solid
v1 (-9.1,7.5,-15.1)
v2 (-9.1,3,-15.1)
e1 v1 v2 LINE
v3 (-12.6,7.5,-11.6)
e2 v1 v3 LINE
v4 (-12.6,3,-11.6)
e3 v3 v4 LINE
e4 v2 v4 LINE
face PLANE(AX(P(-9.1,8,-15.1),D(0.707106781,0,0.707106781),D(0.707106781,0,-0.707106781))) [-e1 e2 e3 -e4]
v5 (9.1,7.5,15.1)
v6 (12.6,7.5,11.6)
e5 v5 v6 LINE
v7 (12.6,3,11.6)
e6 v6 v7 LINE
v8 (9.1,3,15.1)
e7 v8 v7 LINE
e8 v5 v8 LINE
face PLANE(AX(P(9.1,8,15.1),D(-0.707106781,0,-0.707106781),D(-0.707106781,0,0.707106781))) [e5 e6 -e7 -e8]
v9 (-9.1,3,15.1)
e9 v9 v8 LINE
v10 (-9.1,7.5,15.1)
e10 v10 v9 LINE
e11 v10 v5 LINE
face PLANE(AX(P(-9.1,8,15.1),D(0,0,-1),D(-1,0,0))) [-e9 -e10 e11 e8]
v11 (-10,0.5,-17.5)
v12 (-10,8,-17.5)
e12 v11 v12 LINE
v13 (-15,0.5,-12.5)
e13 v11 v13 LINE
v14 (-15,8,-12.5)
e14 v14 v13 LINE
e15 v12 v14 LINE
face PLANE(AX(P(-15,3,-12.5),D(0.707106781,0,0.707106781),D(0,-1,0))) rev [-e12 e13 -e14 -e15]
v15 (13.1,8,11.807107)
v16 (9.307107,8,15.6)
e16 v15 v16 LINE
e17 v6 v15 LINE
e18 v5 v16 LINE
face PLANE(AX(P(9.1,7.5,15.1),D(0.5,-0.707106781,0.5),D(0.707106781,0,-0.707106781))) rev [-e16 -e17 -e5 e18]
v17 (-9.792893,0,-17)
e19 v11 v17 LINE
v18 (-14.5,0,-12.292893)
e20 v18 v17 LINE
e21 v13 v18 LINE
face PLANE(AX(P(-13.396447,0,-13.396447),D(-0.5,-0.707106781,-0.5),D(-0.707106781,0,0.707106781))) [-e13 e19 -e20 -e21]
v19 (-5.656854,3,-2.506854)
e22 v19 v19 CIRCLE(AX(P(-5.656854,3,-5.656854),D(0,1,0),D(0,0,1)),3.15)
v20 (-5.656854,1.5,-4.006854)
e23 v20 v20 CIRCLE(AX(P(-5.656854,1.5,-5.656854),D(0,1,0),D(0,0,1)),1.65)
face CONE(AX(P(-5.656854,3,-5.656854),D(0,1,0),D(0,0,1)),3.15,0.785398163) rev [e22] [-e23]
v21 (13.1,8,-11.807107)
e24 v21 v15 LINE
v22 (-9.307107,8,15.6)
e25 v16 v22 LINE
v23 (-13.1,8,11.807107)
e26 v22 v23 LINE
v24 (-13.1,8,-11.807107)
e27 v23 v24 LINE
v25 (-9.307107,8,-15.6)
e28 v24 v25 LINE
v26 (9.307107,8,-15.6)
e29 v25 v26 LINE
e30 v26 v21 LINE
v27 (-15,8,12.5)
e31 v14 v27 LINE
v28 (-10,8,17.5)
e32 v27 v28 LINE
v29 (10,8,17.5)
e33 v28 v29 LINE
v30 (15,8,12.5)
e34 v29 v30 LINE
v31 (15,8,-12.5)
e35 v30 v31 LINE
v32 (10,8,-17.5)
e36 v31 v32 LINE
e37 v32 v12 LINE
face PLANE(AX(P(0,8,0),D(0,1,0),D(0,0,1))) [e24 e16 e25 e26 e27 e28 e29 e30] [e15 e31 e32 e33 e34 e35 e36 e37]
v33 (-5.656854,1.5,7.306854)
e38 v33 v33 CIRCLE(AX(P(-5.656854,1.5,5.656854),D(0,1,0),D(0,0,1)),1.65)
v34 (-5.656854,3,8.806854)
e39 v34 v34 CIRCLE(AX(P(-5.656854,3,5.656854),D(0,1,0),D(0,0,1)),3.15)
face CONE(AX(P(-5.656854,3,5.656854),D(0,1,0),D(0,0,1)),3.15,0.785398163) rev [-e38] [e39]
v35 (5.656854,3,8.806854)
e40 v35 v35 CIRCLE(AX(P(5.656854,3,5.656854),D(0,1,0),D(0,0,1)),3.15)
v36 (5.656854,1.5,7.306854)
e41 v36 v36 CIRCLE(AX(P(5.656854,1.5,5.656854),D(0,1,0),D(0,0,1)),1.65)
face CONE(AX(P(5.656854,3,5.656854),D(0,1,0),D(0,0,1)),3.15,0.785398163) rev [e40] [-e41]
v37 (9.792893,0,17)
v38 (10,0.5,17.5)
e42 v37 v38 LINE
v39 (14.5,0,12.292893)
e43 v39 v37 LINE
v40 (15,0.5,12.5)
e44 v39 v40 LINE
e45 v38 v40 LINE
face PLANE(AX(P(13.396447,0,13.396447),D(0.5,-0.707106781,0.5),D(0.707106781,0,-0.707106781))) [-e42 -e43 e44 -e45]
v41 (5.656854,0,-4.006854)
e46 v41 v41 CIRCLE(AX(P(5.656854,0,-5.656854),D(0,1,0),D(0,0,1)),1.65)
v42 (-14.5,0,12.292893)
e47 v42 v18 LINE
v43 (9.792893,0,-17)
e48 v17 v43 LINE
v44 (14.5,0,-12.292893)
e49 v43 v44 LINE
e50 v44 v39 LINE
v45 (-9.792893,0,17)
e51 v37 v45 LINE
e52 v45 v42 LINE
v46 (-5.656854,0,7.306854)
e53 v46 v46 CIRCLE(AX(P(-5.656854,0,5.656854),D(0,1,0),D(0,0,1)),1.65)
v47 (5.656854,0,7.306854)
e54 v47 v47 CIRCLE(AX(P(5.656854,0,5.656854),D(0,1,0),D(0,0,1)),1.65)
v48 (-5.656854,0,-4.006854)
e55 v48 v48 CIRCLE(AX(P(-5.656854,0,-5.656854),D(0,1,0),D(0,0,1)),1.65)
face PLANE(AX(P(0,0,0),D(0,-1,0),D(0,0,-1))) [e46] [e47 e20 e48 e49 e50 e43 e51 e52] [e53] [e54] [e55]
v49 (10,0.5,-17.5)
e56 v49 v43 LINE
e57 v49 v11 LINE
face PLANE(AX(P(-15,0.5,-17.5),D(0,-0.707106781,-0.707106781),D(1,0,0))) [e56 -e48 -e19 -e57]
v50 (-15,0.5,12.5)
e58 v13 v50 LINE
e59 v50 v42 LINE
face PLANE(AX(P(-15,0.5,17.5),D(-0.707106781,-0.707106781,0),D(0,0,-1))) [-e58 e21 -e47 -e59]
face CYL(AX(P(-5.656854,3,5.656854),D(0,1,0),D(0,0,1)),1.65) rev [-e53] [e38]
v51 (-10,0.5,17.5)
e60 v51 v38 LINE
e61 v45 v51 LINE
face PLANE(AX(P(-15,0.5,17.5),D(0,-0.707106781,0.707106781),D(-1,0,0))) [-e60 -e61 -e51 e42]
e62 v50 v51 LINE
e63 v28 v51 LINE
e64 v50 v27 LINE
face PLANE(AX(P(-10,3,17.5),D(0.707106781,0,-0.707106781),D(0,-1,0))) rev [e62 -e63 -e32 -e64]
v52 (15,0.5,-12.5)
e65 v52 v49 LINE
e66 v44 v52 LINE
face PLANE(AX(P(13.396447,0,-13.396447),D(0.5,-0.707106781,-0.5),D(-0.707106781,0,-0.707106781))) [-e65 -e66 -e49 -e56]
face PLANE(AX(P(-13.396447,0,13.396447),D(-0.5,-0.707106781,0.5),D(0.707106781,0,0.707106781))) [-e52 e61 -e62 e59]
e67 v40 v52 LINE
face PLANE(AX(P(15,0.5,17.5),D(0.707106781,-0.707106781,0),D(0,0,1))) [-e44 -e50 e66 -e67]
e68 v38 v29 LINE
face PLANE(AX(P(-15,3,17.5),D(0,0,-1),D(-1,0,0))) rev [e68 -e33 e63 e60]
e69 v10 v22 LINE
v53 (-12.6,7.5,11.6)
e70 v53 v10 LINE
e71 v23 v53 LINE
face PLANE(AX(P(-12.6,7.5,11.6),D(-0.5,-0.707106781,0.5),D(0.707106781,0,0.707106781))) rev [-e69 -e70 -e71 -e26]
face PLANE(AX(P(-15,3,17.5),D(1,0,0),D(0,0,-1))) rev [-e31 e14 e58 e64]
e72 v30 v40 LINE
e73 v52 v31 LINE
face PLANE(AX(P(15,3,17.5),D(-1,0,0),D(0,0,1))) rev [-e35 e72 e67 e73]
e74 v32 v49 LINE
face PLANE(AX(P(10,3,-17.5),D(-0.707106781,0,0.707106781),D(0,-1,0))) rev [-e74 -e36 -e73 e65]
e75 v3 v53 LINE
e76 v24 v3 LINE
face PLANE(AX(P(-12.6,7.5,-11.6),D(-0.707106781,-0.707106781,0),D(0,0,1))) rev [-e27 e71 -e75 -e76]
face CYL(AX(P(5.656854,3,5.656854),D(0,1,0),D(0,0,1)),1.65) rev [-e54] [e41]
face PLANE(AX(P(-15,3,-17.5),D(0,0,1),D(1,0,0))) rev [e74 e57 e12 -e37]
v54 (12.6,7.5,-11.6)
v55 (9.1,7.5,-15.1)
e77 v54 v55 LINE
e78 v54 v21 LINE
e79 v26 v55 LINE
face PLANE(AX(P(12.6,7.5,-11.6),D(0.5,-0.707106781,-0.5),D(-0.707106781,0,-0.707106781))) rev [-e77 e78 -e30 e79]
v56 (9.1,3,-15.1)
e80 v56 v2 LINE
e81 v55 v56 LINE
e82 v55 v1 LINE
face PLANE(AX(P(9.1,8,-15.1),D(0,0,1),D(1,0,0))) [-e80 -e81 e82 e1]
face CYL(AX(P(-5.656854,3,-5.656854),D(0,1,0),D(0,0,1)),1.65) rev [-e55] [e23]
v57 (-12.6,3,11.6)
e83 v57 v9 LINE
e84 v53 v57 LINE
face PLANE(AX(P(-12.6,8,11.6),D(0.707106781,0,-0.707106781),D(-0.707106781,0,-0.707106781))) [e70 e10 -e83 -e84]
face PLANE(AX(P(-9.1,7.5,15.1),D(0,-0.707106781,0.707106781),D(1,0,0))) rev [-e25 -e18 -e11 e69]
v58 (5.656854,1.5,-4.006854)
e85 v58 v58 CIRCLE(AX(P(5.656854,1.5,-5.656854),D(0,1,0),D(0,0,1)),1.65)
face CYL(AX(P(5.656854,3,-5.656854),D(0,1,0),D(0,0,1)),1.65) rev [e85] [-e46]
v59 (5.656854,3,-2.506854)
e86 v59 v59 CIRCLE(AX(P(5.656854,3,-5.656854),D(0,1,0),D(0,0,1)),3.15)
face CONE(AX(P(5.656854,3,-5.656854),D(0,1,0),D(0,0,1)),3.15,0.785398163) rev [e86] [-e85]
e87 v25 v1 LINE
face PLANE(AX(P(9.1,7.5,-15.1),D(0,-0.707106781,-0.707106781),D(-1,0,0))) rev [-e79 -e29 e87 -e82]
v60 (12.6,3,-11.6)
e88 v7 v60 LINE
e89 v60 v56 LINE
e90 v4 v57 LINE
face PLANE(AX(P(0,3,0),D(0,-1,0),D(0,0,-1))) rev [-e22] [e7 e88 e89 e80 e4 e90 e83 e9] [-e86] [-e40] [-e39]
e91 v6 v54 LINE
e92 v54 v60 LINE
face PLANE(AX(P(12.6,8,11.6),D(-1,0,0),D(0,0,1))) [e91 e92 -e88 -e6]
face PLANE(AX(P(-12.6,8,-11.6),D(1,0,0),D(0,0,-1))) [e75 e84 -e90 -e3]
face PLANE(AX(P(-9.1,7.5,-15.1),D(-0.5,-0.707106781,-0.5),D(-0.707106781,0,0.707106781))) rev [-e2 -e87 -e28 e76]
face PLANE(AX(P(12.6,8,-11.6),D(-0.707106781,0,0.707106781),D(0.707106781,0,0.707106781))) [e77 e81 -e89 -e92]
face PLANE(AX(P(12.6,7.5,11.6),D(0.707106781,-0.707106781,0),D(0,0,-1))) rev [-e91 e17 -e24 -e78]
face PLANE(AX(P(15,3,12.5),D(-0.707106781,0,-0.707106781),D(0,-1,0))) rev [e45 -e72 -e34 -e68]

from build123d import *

# Parameters (mm, degrees)
SKETCH1_W                                      = 30
SKETCH1_H                                      = 35
BOSS_EXTRUDE1_DEPTH                            = 3
SKETCH2_W                                      = 30
SKETCH2_H                                      = 35
BOSS_EXTRUDE2_DEPTH                            = 5
CHAMFER1_SIZE                                  = 5
CSK_FOR_M3_FLAT_HEAD_MACHINE_SCREW1_AT_2_COUNT = 2
CSK_FOR_M3_FLAT_HEAD_MACHINE_SCREW1_AT_2_PITCH = 11.313708499
CSK_FOR_M3_FLAT_HEAD_MACHINE_SCREW1_AT_3_COUNT = 2
CSK_FOR_M3_FLAT_HEAD_MACHINE_SCREW1_AT_3_PITCH = 16
CSK_FOR_M3_FLAT_HEAD_MACHINE_SCREW1_AT_4_COUNT = 2
CSK_FOR_M3_FLAT_HEAD_MACHINE_SCREW1_AT_4_PITCH = 11.313708499
CHAMFER2_SIZE                                  = 0.5
CHAMFER3_SIZE                                  = 0.5


with BuildPart() as part:
    # Sketch1 → Boss-Extrude1 (new body)
    with BuildSketch(Plane(origin=(0, 0, 0), x_dir=(1, 0, 0), z_dir=(0, 1, 0))):
        Rectangle(SKETCH1_W, SKETCH1_H)
    extrude(amount=BOSS_EXTRUDE1_DEPTH)

    # Sketch2 → Boss-Extrude2 (add)
    with BuildSketch(Plane(origin=(0, 3, 0), x_dir=(1, 0, 0), z_dir=(0, 1, 0))):
        Rectangle(SKETCH2_W, SKETCH2_H)
        Polygon((12.6, -11.6), (12.6, 11.6), (9.1, 15.1), (-9.1, 15.1), (-12.6, 11.6), (-12.6, -11.6), (-9.1, -15.1), (9.1, -15.1), align=None, mode=Mode.SUBTRACT)
    extrude(amount=BOSS_EXTRUDE2_DEPTH)

    # Chamfer1
    chamfer1_edges = [part.edges().sort_by_distance(p)[0] for p in [
        (15, 4, 17.5),
        (-15, 4, 17.5),
        (-15, 4, -17.5),
        (15, 4, -17.5),
    ]]
    chamfer(chamfer1_edges, length=CHAMFER1_SIZE)

    # Sketch6 → CSK for M3 Flat Head Machine Screw1 (revolve, cut)
    with BuildSketch(Plane(origin=(-5.656854249, 3, -5.656854249), x_dir=(0, 0, 1), z_dir=(1, 0, 0))):
        Polygon((0, 0), (0, 3), (1.65, 3), (1.65, 1.5), (3.15, 0), align=None)
    csk_for_m3_flat_head_machine_screw1 = revolve(axis=Axis((-5.656854249, 9.35, -5.656854249), (0, -1, 0)), mode=Mode.SUBTRACT)

    # CSK for M3 Flat Head Machine Screw1 at 2: CSK for M3 Flat Head Machine Screw1 ×2
    with Locations(*[(i * CSK_FOR_M3_FLAT_HEAD_MACHINE_SCREW1_AT_2_PITCH, 0, 0) for i in range(1, CSK_FOR_M3_FLAT_HEAD_MACHINE_SCREW1_AT_2_COUNT)]):
        add(csk_for_m3_flat_head_machine_screw1, mode=Mode.SUBTRACT)

    # CSK for M3 Flat Head Machine Screw1 at 3: CSK for M3 Flat Head Machine Screw1 ×2
    with Locations(*[Vector(0.707106781, 0, 0.707106781) * (i * CSK_FOR_M3_FLAT_HEAD_MACHINE_SCREW1_AT_3_PITCH) for i in range(1, CSK_FOR_M3_FLAT_HEAD_MACHINE_SCREW1_AT_3_COUNT)]):
        add(csk_for_m3_flat_head_machine_screw1, mode=Mode.SUBTRACT)

    # CSK for M3 Flat Head Machine Screw1 at 4: CSK for M3 Flat Head Machine Screw1 ×2
    with Locations(*[(0, 0, i * CSK_FOR_M3_FLAT_HEAD_MACHINE_SCREW1_AT_4_PITCH) for i in range(1, CSK_FOR_M3_FLAT_HEAD_MACHINE_SCREW1_AT_4_COUNT)]):
        add(csk_for_m3_flat_head_machine_screw1, mode=Mode.SUBTRACT)

    # Chamfer2
    chamfer2_edges = [part.edges().sort_by_distance(p)[0] for p in [
        (-10.85, 8, -13.35),
        (-12.6, 8, 0),
        (-10.85, 8, 13.35),
        (0, 8, 15.1),
        (10.85, 8, 13.35),
        (12.6, 8, 0),
        (10.85, 8, -13.35),
        (0, 8, -15.1),
    ]]
    chamfer(chamfer2_edges, length=CHAMFER2_SIZE)

    # Chamfer3
    chamfer3_edges = [part.edges().sort_by_distance(p)[0] for p in [
        (15, 0, 0),
        (0, 0, 17.5),
        (-15, 0, 0),
        (0, 0, -17.5),
        (-12.5, 0, -15),
        (12.5, 0, -15),
        (-12.5, 0, 15),
        (12.5, 0, 15),
    ]]
    chamfer(chamfer3_edges, length=CHAMFER3_SIZE)


solid = part.part
